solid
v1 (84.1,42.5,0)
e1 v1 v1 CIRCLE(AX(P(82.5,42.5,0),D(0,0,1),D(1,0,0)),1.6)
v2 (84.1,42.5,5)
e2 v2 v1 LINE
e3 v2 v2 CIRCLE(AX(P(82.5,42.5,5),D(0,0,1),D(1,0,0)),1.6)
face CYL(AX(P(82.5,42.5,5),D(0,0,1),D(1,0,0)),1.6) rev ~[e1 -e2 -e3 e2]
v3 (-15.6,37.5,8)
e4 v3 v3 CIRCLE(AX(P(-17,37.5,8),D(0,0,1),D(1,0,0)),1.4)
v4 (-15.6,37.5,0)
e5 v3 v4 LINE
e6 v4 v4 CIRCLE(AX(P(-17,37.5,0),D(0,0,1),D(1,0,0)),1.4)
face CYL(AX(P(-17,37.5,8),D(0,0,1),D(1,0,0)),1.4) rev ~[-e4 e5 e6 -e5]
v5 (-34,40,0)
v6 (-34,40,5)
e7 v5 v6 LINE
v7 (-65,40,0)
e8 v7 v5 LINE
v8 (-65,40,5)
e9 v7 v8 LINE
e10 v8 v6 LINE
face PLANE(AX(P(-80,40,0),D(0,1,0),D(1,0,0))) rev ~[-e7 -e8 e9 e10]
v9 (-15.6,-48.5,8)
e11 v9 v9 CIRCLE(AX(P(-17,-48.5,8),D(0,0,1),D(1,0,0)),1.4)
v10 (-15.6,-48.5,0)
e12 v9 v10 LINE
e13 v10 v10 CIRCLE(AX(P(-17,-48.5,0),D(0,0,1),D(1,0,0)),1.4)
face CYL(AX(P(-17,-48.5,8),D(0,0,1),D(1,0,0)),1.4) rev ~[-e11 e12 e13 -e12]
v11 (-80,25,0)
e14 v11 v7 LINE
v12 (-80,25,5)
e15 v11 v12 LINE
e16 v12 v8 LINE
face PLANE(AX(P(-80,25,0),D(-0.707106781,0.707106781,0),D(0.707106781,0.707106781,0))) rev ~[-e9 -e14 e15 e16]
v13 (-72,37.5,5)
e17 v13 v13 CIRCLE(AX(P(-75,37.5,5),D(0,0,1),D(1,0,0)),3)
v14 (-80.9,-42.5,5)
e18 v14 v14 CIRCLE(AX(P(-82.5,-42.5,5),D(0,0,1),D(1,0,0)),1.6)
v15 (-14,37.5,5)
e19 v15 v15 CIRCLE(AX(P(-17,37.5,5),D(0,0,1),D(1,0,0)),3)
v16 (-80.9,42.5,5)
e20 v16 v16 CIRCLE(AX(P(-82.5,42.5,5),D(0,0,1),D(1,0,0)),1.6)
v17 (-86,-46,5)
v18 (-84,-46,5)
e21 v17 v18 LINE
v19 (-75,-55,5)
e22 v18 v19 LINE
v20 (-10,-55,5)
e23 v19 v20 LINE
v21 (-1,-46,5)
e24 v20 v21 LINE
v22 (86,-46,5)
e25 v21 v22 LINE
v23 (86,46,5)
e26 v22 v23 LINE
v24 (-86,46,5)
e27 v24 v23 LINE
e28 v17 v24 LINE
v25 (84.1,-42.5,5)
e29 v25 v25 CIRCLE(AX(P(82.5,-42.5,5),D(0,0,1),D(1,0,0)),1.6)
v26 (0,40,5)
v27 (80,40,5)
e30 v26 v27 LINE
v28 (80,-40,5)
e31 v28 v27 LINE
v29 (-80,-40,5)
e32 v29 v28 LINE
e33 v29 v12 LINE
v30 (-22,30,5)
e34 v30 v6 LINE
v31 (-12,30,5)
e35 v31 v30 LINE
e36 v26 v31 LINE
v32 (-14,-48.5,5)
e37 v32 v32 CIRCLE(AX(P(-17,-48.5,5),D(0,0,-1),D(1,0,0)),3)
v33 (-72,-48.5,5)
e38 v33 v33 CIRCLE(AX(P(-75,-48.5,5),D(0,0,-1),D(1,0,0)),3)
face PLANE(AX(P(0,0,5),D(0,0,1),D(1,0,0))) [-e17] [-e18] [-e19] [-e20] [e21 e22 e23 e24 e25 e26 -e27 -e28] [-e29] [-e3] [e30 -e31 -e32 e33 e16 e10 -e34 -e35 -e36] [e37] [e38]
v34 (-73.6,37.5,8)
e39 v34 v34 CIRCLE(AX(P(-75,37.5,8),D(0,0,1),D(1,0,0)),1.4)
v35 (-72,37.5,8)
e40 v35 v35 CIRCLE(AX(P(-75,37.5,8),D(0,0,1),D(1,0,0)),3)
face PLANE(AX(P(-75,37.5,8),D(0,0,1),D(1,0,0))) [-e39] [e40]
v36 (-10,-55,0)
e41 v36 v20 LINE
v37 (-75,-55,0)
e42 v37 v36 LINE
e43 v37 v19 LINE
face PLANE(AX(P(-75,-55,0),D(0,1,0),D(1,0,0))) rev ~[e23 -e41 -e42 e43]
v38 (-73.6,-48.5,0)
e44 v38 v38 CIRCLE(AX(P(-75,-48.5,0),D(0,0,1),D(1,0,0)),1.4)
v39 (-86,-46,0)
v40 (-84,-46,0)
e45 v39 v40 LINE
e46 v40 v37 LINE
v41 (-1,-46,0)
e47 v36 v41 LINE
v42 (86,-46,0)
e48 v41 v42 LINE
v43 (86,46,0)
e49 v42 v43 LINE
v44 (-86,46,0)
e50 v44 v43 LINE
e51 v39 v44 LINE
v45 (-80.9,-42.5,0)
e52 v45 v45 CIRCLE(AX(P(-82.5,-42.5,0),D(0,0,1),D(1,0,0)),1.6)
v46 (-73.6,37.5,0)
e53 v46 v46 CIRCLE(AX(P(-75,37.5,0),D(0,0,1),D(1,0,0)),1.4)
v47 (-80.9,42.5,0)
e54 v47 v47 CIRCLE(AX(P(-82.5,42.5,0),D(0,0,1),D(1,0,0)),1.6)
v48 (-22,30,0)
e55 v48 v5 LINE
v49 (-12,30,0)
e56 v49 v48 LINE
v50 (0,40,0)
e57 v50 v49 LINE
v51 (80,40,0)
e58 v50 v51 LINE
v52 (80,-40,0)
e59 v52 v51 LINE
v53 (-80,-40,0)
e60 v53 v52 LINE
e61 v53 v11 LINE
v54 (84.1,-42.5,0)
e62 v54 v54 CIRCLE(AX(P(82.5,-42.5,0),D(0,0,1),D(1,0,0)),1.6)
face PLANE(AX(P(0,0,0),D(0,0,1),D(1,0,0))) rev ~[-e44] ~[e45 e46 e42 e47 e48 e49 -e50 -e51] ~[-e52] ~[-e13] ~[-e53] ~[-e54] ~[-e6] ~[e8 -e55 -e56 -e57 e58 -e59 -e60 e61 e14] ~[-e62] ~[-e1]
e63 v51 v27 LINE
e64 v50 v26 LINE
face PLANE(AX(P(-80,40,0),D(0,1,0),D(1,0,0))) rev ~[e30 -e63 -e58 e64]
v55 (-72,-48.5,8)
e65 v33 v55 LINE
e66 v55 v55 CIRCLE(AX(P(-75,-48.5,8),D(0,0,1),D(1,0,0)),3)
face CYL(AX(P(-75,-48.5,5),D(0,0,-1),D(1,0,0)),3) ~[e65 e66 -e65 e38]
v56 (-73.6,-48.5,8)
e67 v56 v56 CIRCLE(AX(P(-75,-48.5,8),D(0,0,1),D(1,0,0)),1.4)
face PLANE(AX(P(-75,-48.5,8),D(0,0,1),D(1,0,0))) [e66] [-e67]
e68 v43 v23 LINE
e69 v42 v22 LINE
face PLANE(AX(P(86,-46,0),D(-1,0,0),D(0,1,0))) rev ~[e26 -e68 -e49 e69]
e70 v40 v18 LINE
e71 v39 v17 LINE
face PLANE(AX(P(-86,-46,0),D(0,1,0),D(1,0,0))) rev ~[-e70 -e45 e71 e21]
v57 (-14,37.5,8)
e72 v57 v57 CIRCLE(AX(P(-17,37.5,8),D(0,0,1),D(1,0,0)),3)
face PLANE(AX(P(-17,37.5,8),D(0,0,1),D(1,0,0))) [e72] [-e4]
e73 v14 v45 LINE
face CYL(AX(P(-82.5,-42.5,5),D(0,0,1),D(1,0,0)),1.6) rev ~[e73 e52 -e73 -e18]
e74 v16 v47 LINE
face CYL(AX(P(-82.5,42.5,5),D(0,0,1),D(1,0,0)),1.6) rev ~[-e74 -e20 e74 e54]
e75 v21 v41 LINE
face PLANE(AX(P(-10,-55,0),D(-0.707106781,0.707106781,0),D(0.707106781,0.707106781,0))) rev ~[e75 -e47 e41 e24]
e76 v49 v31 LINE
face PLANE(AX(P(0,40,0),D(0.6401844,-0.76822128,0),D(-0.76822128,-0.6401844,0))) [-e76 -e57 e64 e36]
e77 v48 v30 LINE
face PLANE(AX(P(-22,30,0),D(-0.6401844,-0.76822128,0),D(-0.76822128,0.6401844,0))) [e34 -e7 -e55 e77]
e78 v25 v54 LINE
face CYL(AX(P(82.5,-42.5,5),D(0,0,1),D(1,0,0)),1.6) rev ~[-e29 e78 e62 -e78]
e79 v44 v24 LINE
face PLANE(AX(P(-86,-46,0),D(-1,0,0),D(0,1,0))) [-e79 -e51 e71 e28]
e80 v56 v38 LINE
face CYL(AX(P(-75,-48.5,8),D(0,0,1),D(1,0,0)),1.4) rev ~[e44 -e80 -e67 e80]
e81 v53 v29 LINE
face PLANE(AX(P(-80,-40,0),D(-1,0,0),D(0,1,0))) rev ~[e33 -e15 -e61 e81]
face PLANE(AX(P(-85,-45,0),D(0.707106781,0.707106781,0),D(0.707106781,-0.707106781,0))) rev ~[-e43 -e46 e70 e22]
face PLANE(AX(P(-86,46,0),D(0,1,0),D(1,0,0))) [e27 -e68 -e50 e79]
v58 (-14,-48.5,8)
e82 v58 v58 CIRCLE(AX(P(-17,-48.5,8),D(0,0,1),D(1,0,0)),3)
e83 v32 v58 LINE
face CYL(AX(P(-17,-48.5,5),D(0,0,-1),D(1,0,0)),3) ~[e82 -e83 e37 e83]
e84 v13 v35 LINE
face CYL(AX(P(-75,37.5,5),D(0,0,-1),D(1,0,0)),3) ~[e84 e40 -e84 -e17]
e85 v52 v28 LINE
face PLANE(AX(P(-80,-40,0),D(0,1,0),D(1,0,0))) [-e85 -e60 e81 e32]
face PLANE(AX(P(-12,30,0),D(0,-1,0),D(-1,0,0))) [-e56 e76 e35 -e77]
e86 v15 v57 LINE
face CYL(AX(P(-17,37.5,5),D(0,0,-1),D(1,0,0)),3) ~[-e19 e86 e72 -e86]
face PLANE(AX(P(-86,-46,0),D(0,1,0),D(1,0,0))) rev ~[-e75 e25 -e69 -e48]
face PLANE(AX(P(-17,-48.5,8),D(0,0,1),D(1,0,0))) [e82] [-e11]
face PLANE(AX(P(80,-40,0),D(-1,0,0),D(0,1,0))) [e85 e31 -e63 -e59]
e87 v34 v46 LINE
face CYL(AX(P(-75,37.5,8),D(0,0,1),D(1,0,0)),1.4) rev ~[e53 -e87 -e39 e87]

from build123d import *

# Parameters (mm, degrees)
SKETCH_W          = 170
SKETCH_H          = 90
SKETCH_W_2        = 160
SKETCH_H_2        = 80
PAD_DEPTH         = 5
PAD001_DEPTH      = 5
PAD002_DEPTH      = 5
PAD003_DEPTH      = 5
SKETCH004_R       = 1.6
POCKET_DEPTH      = 5
SKETCH005_R       = 3
PAD004_DEPTH      = 3
SKETCH006_R       = 1.4
POCKET001_DEPTH   = 10
COPYSKETCH032_W   = 172
COPYSKETCH032_H   = 92
COPYSKETCH032_W_2 = 170
COPYSKETCH032_H_2 = 90
PAD006_DEPTH      = 5


with BuildPart() as part:
    # Sketch → Pad (new body)
    with BuildSketch(Plane.XY):
        Rectangle(SKETCH_W, SKETCH_H)
        Rectangle(SKETCH_W_2, SKETCH_H_2, mode=Mode.SUBTRACT)
    extrude(amount=PAD_DEPTH)

    # Sketch001 → Pad001 (join)
    with BuildSketch(Plane.XY):
        Polygon((-80, 40), (-80, 25), (-65, 40), align=None)
    extrude(amount=PAD001_DEPTH)

    # Sketch002 → Pad002 (join)
    with BuildSketch(Plane.XY):
        Polygon((-85, -45), (-75, -55), (-10, -55), (0, -45), align=None)
    extrude(amount=PAD002_DEPTH)

    # Sketch003 → Pad003 (join)
    with BuildSketch(Plane.XY):
        Polygon((0, 40), (-12, 30), (-22, 30), (-34, 40), align=None)
    extrude(amount=PAD003_DEPTH)

    # Sketch004 (on Face18 of Pad003) → Pocket (cut)
    with BuildSketch(Plane.XY.offset(5)):
        with Locations((-82.5, 42.5)):
            Circle(SKETCH004_R)
        with Locations((-82.5, -42.5)):
            Circle(SKETCH004_R)
        with Locations((82.5, -42.5)):
            Circle(SKETCH004_R)
        with Locations((82.5, 42.5)):
            Circle(SKETCH004_R)
    extrude(amount=-POCKET_DEPTH, mode=Mode.SUBTRACT)

    # Sketch005 (on Face18 of Pad003) → Pad004 (join)
    with BuildSketch(Plane.XY.offset(5)):
        with Locations((-75, 37.5)):
            Circle(SKETCH005_R)
        with Locations((-17, 37.5)):
            Circle(SKETCH005_R)
        with Locations((-75, -48.5)):
            Circle(SKETCH005_R)
        with Locations((-17, -48.5)):
            Circle(SKETCH005_R)
    extrude(amount=PAD004_DEPTH)

    # Sketch006 (on Face28 of Pad004) → Pocket001 (cut)
    with BuildSketch(Plane.XY.offset(8)):
        with Locations((-75, 37.5)):
            Circle(SKETCH006_R)
        with Locations((-17, 37.5)):
            Circle(SKETCH006_R)
        with Locations((-75, -48.5)):
            Circle(SKETCH006_R)
        with Locations((-17, -48.5)):
            Circle(SKETCH006_R)
    extrude(amount=-POCKET001_DEPTH, mode=Mode.SUBTRACT)

    # CopySketch032 → Pad006 (join)
    with BuildSketch(Plane.XY):
        Rectangle(COPYSKETCH032_W, COPYSKETCH032_H)
        Rectangle(COPYSKETCH032_W_2, COPYSKETCH032_H_2, mode=Mode.SUBTRACT)
    extrude(amount=PAD006_DEPTH)


solid = part.part
